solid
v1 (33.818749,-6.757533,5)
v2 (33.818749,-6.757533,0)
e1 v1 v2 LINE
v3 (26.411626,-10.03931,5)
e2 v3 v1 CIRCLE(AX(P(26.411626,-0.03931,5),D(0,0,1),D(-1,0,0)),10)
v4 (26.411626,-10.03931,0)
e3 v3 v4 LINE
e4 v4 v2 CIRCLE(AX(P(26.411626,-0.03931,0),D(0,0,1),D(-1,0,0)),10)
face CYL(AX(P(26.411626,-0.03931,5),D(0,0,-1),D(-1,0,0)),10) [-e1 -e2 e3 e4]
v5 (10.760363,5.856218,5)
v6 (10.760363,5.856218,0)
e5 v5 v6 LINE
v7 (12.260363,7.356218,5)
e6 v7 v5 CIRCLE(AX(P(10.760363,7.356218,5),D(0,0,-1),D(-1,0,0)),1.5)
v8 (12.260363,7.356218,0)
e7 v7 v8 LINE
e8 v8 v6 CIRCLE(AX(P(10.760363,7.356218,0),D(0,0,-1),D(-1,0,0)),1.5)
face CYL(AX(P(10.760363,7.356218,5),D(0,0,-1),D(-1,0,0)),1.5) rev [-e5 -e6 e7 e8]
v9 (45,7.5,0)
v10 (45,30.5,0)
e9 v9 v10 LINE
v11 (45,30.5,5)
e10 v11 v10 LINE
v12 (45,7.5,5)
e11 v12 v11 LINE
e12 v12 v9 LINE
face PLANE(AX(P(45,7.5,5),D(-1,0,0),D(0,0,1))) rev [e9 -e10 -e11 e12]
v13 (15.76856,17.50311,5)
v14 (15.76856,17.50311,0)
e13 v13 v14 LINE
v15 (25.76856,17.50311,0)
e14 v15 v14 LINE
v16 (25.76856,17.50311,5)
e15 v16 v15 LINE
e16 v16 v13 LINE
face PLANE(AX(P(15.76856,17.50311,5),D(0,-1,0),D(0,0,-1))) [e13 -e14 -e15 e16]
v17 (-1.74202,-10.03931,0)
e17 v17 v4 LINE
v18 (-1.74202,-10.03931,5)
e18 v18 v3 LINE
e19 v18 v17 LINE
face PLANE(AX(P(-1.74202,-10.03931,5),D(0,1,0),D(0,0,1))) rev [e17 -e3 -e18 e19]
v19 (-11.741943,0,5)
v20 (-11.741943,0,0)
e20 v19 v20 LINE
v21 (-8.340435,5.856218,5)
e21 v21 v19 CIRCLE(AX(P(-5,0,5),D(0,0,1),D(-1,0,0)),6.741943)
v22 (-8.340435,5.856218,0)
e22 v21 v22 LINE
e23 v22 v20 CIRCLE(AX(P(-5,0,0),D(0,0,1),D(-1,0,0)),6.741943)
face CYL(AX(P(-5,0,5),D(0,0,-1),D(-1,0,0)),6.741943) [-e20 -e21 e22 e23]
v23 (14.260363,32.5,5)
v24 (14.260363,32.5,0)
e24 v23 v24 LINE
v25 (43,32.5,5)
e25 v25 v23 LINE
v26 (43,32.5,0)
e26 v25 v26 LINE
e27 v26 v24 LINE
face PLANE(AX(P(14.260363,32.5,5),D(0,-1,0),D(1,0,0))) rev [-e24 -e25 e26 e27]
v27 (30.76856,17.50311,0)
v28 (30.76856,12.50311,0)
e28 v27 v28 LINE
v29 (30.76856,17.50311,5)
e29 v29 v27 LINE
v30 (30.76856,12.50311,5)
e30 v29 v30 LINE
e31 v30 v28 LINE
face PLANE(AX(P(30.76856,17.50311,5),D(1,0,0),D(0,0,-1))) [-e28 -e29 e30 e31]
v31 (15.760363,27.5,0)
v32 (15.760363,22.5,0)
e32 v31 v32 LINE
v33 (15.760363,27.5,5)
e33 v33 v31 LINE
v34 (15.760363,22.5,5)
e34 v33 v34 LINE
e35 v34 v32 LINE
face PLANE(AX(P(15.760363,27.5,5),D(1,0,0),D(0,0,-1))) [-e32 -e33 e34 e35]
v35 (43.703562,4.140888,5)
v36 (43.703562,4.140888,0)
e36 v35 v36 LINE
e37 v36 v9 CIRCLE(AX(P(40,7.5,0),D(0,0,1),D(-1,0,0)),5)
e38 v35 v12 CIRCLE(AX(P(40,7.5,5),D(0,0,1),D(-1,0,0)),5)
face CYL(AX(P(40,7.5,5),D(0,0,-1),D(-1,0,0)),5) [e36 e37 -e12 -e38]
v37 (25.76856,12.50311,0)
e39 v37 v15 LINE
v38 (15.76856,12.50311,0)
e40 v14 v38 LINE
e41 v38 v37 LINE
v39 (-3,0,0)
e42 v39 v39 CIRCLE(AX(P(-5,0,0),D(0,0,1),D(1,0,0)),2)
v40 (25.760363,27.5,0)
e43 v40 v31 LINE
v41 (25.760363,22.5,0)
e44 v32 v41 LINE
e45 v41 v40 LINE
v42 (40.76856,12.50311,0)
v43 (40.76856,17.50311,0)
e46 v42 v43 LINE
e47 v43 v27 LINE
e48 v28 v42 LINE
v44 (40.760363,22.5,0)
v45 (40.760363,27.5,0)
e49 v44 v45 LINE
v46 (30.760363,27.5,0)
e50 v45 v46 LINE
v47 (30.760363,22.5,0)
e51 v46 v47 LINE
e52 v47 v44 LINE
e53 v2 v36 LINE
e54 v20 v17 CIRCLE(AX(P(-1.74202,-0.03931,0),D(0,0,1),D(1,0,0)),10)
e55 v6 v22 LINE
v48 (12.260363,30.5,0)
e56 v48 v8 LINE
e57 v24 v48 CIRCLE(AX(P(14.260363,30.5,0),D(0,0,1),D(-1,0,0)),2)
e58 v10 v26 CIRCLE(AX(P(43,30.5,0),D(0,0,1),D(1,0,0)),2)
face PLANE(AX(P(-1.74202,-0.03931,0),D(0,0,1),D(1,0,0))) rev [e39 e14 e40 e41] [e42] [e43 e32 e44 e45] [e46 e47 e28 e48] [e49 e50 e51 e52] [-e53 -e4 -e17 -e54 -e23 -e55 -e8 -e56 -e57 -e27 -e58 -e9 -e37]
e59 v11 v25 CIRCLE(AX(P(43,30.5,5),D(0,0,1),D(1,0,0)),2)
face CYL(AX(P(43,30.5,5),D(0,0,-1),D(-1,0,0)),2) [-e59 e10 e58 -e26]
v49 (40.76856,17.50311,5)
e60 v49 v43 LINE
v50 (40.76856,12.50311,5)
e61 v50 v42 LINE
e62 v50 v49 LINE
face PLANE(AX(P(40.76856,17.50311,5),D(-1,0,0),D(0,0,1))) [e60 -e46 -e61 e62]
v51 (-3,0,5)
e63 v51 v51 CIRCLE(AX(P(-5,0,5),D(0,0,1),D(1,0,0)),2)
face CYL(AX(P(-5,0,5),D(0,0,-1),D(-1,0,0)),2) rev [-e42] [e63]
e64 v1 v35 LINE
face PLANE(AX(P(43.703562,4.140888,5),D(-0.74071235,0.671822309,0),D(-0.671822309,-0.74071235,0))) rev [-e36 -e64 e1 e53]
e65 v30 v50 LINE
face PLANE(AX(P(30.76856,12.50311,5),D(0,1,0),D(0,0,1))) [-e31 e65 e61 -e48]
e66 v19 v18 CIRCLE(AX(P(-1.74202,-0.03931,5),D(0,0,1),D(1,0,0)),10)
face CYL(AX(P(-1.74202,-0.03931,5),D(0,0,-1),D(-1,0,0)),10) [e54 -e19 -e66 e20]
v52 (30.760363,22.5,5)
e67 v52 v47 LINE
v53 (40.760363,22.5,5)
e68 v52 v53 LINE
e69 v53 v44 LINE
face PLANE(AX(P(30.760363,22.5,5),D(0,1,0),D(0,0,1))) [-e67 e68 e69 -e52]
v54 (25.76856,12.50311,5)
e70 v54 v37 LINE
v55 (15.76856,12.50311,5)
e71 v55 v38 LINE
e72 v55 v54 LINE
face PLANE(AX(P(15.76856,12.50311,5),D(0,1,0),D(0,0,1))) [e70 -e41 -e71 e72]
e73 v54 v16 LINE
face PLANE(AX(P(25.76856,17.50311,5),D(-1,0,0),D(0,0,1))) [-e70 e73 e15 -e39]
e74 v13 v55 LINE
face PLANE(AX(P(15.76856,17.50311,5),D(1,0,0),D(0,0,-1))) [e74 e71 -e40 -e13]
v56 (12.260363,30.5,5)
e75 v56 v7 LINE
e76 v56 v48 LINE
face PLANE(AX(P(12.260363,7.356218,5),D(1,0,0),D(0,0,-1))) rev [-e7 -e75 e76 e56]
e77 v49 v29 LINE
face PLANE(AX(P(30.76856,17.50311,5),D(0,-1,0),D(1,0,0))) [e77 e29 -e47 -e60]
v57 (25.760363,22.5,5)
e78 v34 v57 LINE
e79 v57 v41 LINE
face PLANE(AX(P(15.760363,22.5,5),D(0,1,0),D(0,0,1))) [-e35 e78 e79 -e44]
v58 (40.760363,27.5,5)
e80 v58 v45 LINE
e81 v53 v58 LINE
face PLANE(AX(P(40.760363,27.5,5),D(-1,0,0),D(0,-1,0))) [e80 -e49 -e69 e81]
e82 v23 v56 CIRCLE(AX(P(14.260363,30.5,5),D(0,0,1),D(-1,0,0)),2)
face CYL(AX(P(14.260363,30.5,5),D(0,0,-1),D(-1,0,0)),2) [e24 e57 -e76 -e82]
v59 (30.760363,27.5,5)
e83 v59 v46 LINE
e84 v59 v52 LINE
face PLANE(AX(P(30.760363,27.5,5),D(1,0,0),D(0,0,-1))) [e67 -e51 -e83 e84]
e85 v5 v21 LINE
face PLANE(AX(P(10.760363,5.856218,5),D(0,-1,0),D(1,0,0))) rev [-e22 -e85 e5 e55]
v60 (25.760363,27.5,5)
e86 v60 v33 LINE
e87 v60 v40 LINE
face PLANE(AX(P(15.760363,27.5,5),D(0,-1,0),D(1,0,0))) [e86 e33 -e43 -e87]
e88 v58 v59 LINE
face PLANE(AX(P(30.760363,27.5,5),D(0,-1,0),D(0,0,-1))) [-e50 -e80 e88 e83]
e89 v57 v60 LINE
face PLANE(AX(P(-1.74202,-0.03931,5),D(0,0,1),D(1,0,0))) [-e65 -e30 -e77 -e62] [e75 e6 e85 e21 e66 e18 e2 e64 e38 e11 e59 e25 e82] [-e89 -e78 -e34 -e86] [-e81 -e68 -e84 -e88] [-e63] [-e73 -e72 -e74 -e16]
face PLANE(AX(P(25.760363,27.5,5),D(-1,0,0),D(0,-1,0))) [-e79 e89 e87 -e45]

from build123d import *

# Parameters (mm, degrees)
SKETCH1_R           = 2
SKETCH1_W           = 10
SKETCH1_H           = 5
BOSS_EXTRUDE1_DEPTH = 5


with BuildPart() as part:
    # Sketch1 → Boss-Extrude1 (new body)
    with BuildSketch(Plane.XY):
        with BuildLine():
            Line((-1.742019887, -10.039309555), (26.411625907, -10.039309555))
            ThreePointArc((26.411625907, -10.039309555), (30.462414048, -9.182127251), (33.818749407, -6.757532642))
            Line((33.818749407, -6.757532642), (43.703561538, 4.140888457))
            ThreePointArc((43.703561538, 4.140888457), (44.664643865, 5.699695686), (44.999999787, 7.5))
            Line((44.999999787, 7.5), (44.999999787, 30.5))
            ThreePointArc((44.999999787, 30.5), (44.41421335, 31.914213562), (42.999999787, 32.5))
            Line((42.999999787, 32.5), (14.260362516, 32.5))
            ThreePointArc((14.260362516, 32.5), (12.846148953, 31.914213562), (12.260362516, 30.5))
            Line((12.260362516, 30.5), (12.260362516, 7.356217509))
            ThreePointArc((12.260362516, 7.356217509), (11.821022687, 6.295557338), (10.760362516, 5.856217509))
            Line((10.760362516, 5.856217509), (-8.340435128, 5.856217509))
            ThreePointArc((-8.340435128, 5.856217509), (-10.829871883, 3.386204984), (-11.741942625, 0))
            ThreePointArc((-11.741942625, 0), (-8.826972094, -7.096465655), (-1.742019887, -10.039309555))
        make_face()
        with Locations((-5, 0)):
            Circle(SKETCH1_R, mode=Mode.SUBTRACT)
        with Locations((20.760362516, 25)):
            Rectangle(SKETCH1_W, SKETCH1_H, mode=Mode.SUBTRACT)
        with Locations((35.760362516, 25)):
            Rectangle(SKETCH1_W, SKETCH1_H, mode=Mode.SUBTRACT)
        with Locations((20.768559845, 15.003110344)):
            Rectangle(SKETCH1_W, SKETCH1_H, mode=Mode.SUBTRACT)
        with Locations((35.768559845, 15.003110344)):
            Rectangle(SKETCH1_W, SKETCH1_H, mode=Mode.SUBTRACT)
    extrude(amount=BOSS_EXTRUDE1_DEPTH)


solid = part.part
